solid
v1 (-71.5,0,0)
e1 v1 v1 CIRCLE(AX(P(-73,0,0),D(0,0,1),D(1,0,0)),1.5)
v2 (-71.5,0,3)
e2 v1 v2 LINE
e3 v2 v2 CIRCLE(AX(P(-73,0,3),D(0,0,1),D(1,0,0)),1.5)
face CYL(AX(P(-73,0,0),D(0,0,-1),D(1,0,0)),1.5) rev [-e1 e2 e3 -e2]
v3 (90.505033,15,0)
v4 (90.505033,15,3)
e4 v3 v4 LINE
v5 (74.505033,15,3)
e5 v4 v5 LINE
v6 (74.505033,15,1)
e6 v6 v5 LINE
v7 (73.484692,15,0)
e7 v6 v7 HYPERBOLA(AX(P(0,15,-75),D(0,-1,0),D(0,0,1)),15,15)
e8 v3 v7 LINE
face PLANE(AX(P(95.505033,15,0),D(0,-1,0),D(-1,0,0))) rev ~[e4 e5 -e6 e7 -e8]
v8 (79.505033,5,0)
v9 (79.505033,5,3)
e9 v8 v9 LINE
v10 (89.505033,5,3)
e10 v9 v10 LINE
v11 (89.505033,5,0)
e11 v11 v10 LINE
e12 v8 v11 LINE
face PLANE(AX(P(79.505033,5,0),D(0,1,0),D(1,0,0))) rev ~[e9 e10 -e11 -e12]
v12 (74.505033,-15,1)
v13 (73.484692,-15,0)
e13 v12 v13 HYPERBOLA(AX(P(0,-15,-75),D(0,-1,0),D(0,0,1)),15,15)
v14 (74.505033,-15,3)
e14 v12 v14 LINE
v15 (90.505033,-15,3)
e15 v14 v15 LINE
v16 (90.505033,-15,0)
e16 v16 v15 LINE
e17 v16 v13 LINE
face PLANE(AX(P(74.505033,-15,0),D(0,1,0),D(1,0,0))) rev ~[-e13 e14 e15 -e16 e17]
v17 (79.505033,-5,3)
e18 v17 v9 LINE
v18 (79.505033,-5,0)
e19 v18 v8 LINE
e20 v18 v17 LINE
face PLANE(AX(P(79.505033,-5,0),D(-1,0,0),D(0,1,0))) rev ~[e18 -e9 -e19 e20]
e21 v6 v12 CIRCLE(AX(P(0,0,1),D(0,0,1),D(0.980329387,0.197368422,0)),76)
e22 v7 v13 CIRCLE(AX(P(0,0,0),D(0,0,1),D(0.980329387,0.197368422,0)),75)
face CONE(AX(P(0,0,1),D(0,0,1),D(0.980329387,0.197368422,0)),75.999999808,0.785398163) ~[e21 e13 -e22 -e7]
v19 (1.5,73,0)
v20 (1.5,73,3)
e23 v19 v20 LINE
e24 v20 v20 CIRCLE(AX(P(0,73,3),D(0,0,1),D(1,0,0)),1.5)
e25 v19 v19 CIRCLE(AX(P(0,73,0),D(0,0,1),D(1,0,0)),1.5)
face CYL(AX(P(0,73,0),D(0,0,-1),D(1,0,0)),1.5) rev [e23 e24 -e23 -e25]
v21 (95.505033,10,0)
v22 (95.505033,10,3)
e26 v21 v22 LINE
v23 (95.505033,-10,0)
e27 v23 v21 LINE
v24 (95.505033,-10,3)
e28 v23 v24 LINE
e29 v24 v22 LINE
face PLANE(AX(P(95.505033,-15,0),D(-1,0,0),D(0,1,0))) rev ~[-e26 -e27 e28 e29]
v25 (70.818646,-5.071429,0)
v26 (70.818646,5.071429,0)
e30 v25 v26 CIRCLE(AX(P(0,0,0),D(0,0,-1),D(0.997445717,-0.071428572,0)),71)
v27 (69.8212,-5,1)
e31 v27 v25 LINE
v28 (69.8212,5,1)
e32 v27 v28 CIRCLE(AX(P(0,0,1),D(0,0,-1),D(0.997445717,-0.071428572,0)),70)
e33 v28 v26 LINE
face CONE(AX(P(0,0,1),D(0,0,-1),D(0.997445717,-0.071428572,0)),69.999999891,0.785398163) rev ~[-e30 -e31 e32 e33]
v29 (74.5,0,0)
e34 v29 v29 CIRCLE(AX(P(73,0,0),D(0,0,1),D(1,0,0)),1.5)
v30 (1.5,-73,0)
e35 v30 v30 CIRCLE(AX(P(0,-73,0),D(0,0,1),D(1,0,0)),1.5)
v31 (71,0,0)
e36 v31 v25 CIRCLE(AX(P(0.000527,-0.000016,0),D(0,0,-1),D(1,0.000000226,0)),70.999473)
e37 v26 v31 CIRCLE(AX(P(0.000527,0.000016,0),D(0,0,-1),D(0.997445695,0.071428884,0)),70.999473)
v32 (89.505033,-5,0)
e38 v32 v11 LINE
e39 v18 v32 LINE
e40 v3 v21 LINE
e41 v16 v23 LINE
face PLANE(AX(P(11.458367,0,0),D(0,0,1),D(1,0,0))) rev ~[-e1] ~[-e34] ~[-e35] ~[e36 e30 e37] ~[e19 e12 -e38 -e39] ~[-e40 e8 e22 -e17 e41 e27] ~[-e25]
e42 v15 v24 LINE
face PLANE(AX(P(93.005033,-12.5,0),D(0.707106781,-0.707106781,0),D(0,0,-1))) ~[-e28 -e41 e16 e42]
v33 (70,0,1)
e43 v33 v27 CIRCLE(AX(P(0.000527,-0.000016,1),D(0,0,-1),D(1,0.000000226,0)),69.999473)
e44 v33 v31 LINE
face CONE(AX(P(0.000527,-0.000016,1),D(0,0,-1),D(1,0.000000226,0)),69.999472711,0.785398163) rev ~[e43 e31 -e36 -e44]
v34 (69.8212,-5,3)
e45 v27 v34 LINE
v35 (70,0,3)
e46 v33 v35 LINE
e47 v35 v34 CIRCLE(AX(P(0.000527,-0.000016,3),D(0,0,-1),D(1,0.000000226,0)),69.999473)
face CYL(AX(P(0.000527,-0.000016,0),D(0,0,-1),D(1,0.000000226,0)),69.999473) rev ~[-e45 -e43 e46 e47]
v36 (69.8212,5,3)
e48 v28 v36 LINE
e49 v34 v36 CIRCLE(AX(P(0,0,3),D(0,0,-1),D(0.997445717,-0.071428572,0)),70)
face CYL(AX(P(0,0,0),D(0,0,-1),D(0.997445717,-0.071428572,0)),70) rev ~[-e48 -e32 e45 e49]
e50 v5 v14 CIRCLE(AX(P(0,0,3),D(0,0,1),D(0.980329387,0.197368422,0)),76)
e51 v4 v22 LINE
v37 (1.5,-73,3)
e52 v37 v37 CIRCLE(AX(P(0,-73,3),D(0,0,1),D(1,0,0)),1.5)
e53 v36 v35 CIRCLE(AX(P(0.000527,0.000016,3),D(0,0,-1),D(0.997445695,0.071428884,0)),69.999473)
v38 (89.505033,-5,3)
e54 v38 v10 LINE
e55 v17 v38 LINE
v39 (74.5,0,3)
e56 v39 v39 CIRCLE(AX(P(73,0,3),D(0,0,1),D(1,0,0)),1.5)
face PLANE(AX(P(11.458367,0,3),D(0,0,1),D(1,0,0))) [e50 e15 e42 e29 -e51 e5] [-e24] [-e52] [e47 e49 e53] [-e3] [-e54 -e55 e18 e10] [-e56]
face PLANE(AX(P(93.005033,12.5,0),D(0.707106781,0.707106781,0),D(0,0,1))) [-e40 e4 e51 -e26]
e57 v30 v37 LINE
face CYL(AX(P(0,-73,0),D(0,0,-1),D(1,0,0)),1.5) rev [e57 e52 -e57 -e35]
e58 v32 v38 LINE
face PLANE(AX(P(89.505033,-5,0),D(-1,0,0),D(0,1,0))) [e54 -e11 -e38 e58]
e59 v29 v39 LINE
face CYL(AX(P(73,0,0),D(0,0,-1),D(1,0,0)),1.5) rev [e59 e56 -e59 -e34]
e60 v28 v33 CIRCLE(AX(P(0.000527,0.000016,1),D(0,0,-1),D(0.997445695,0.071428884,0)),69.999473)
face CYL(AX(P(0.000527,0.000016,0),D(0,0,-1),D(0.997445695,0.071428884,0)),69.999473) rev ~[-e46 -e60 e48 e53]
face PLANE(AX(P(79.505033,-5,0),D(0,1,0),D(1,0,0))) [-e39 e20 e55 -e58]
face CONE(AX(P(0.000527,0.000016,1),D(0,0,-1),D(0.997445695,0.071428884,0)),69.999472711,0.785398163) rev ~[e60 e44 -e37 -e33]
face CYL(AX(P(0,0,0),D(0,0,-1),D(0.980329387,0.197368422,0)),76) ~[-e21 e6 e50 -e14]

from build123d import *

# Parameters (mm, degrees)
F0_R     = 1.5
F0_W     = 10
F0_H     = 10
F1_DEPTH = 3
F2_SIZE  = 1
F3_SIZE  = 5


with BuildPart() as f1:
    # F0 (on Top) → F1 (new body)
    with BuildSketch(Plane.XY):
        with BuildLine():
            Line((95.505033, 15), (74.505033, 15))
            ThreePointArc((74.505033, 15), (-76, 0), (74.505033, -15))
            Line((74.505033, -15), (95.505033, -15))
            Line((95.505033, -15), (95.505033, 0))
            Line((95.505033, 0), (95.505033, 15))
        make_face()
        with Locations((0, -73)):
            Circle(F0_R, mode=Mode.SUBTRACT)
        with Locations((-73, 0)):
            Circle(F0_R, mode=Mode.SUBTRACT)
        with BuildLine():
            ThreePointArc((69.8212, 5), (69.955286, 2.501598), (70, 0))
            ThreePointArc((70, 0), (69.955286, -2.501598), (69.8212, -5))
            ThreePointArc((69.8212, -5), (-70, 0), (69.8212, 5))
        make_face(mode=Mode.SUBTRACT)
        with Locations((0, 73)):
            Circle(F0_R, mode=Mode.SUBTRACT)
        with Locations((73, 0)):
            Circle(F0_R, mode=Mode.SUBTRACT)
        with Locations((84.505033, 0)):
            Rectangle(F0_W, F0_H, mode=Mode.SUBTRACT)
    extrude(amount=F1_DEPTH)

    # F2
    f2_edges = [f1.edges().sort_by_distance(p)[0] for p in [
        (-76, 0, 0),
        (-69.8212, -5, 0),
    ]]
    chamfer(f2_edges, length=F2_SIZE)

    # F3
    f3_edges = [f1.edges().sort_by_distance(p)[0] for p in [
        (95.505033, -15, 1.5),
        (95.505033, 15, 1.5),
    ]]
    chamfer(f3_edges, length=F3_SIZE)


solid = f1.part
